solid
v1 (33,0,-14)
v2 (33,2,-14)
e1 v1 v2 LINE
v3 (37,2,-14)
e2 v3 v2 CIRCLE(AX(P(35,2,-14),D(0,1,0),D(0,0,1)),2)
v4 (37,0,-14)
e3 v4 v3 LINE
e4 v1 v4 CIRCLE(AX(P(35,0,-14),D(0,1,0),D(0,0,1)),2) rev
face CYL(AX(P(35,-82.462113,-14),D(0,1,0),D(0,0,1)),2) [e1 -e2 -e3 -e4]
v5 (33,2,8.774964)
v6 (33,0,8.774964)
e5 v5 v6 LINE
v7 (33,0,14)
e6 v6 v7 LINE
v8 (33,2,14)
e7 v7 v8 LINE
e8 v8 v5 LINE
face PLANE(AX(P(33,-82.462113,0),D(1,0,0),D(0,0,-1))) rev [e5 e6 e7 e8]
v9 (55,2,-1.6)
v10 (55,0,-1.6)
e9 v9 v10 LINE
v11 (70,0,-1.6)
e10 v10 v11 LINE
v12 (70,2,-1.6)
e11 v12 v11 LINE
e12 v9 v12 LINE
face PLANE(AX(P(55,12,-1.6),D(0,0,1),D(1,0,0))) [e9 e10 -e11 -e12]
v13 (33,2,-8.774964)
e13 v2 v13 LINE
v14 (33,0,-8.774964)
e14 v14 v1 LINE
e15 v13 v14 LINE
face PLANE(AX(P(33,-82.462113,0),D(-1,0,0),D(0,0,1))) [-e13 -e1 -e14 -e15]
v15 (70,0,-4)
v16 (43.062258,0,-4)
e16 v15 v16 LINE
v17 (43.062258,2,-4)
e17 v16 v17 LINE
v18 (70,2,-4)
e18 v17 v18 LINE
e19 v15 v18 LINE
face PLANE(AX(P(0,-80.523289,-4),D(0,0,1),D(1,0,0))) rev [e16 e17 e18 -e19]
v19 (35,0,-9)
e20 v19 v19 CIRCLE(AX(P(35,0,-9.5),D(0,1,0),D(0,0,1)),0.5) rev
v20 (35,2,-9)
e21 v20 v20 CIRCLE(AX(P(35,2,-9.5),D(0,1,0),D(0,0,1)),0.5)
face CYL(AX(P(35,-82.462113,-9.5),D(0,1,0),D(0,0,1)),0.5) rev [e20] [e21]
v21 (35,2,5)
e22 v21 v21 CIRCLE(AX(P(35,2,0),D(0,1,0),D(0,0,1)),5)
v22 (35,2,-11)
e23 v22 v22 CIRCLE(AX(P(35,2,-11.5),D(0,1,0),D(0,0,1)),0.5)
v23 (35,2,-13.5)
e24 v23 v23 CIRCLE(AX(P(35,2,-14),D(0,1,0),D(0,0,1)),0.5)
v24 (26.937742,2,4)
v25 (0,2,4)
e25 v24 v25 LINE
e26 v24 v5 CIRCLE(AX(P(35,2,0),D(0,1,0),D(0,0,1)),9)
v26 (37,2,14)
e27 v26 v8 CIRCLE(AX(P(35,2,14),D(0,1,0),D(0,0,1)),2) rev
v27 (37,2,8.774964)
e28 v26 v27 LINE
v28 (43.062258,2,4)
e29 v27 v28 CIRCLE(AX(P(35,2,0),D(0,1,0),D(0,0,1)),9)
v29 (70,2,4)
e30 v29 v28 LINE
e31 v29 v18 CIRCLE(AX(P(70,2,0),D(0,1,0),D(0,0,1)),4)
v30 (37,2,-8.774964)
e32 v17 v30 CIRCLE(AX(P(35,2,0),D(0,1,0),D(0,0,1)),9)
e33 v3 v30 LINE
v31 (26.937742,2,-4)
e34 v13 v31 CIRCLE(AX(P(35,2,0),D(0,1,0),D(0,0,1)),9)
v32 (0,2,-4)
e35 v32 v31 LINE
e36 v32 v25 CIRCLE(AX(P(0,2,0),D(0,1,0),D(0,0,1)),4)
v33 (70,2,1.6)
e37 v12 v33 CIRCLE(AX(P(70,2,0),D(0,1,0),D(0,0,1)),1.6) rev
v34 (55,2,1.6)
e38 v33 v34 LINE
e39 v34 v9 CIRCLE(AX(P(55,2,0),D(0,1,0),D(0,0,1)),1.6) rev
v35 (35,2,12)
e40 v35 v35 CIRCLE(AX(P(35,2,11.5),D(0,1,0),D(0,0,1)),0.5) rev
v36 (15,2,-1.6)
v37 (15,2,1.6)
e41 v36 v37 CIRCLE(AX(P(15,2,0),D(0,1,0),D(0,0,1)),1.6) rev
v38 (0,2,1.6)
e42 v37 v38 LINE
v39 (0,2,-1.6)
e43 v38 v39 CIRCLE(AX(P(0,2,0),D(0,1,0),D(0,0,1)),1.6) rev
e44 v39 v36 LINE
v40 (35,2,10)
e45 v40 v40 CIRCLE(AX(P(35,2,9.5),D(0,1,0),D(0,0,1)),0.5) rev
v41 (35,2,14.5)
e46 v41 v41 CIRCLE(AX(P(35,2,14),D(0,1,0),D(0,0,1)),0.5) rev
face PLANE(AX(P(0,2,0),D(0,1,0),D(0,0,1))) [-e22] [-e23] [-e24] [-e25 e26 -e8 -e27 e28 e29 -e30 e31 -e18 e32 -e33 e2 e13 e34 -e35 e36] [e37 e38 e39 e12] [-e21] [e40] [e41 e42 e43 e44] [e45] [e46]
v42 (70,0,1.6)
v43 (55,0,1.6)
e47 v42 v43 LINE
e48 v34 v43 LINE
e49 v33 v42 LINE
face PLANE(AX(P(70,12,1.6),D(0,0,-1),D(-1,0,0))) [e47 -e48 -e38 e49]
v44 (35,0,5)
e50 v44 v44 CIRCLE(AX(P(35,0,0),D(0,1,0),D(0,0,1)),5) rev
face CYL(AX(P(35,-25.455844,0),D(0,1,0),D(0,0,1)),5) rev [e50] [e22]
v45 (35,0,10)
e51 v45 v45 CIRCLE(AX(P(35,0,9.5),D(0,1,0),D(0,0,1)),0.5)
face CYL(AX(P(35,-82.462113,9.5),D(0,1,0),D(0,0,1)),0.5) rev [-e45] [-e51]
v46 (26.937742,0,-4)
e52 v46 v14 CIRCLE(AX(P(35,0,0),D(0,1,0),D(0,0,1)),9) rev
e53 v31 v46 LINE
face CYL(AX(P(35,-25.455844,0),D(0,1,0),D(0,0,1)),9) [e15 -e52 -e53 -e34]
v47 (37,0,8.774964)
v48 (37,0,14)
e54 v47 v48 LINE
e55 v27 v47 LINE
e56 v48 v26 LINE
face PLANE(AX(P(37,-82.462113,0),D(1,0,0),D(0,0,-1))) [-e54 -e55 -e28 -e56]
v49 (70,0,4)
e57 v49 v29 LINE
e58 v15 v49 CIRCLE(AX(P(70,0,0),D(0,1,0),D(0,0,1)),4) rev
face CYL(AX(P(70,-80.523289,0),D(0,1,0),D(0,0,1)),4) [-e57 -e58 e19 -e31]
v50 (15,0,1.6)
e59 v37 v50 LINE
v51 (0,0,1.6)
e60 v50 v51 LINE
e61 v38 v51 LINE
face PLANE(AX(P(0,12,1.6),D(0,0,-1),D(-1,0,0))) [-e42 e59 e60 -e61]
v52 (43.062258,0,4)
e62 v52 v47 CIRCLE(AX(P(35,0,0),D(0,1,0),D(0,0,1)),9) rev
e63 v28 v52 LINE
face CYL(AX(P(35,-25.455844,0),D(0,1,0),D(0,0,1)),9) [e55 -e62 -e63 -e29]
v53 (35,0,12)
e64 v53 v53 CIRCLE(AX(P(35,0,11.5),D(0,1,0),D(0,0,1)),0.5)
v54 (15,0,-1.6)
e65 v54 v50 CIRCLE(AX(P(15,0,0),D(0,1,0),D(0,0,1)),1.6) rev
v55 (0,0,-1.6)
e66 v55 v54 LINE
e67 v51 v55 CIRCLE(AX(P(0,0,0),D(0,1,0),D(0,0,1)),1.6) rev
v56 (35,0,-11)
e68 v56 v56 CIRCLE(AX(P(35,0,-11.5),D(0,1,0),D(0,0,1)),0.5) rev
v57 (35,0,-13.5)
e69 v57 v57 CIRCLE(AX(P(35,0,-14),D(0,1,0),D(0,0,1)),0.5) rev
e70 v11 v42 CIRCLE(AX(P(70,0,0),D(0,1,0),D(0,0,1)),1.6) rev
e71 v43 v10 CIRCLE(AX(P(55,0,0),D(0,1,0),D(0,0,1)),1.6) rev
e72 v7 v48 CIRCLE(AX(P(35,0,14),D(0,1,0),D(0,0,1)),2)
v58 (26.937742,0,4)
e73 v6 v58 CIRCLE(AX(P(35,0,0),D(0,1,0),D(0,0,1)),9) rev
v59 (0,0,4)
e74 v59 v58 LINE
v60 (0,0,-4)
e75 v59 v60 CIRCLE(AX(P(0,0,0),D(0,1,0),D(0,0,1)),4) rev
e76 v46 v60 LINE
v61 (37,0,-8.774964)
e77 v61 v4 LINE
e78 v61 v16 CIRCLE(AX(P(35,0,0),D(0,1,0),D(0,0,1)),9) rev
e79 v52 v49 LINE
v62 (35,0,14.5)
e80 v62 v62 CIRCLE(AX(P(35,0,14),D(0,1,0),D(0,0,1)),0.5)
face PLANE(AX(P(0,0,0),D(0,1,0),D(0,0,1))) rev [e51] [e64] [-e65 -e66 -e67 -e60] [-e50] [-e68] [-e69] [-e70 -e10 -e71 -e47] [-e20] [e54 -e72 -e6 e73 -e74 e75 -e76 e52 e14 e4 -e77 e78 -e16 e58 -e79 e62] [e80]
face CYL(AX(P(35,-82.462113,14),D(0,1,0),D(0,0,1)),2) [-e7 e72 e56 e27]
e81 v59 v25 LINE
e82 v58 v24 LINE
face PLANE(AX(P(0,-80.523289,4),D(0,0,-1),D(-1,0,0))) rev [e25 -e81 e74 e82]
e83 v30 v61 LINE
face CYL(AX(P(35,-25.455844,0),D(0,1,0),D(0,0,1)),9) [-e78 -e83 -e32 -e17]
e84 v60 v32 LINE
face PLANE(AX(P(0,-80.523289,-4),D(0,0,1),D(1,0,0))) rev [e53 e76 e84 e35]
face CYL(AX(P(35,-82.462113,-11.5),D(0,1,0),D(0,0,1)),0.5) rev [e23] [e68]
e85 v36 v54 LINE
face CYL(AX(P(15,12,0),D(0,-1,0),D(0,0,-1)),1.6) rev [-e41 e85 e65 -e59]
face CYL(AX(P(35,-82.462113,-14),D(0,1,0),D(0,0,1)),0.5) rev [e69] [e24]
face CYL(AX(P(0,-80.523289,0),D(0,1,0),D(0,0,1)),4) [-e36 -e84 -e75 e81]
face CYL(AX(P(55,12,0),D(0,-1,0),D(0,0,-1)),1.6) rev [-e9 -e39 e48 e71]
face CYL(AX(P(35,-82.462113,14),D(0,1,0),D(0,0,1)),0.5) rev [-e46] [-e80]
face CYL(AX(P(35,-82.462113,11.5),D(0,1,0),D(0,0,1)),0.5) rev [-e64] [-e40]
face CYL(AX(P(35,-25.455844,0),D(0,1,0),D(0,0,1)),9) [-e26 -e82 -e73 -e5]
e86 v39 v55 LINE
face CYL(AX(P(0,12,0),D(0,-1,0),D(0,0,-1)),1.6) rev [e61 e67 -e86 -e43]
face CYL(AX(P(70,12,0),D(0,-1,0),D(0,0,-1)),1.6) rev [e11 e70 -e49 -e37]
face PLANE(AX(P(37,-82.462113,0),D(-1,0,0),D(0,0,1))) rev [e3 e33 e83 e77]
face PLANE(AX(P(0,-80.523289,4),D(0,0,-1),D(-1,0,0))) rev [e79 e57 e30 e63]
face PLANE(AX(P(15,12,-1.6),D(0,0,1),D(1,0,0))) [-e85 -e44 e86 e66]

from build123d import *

# Parameters (mm, degrees)
SKETCH1_R               = 1.6
BOSS_EXTRUDE1_DEPTH     = 2
SKETCH2_R               = 0.5
BOSS_EXTRUDE2_DEPTH     = 2
SKETCH3_R               = 1.6
BOSS_EXTRUDE3_DEPTH     = 4
SKETCH4_R               = 5.618069601
SKETCH4_R_2             = 1.5
SKETCH4_R_3             = 9.019483561
CUT_EXTRUDE1_DEPTH      = 20
CUT_EXTRUDE2_DEPTH      = 10
CUT_EXTRUDE2_DEPTH_BACK = 10
SKETCH6_W               = 4
SKETCH6_H               = 1
SKETCH6_R               = 0.5
BOSS_EXTRUDE5_DEPTH     = 2
SKETCH7_R               = 9
SKETCH7_R_2             = 5
BOSS_EXTRUDE6_DEPTH     = 2
SKETCH8_R               = 5
CUT_EXTRUDE3_DEPTH      = 10


with BuildPart() as part:
    # Sketch1 → Boss-Extrude1 (new body)
    with BuildSketch(Plane(origin=(0, 0, 0), x_dir=(1, 0, 0), z_dir=(0, 1, 0))):
        with BuildLine():
            Line((0, 3), (70, 3))
            ThreePointArc((70, 3), (73, 0), (70, -3))
            Line((70, -3), (0, -3))
            ThreePointArc((0, -3), (-3, 0), (0, 3))
        make_face()
        Circle(SKETCH1_R, mode=Mode.SUBTRACT)
        with Locations((70, 0)):
            Circle(SKETCH1_R, mode=Mode.SUBTRACT)
        with Locations((35, 0)):
            Circle(SKETCH1_R, mode=Mode.SUBTRACT)
    extrude(amount=BOSS_EXTRUDE1_DEPTH)

    # Sketch2 → Boss-Extrude2 (add)
    with BuildSketch(Plane(origin=(0, 2, 0), x_dir=(1, 0, 0), z_dir=(0, 1, 0))):
        with BuildLine():
            Line((37, -3), (33, -3))
            Line((33, -3), (33, -14))
            ThreePointArc((33, -14), (35, -16), (37, -14))
            Line((37, -14), (37, -3))
        make_face()
        with Locations((35, -11.5)):
            Circle(SKETCH2_R, mode=Mode.SUBTRACT)
        with Locations((35, -14)):
            Circle(SKETCH2_R, mode=Mode.SUBTRACT)
        with Locations((35, -9.5)):
            Circle(SKETCH2_R, mode=Mode.SUBTRACT)
        with BuildLine():
            Line((33, 14), (33, 3))
            Line((33, 3), (37, 3))
            Line((37, 3), (37, 14))
            ThreePointArc((37, 14), (35, 16), (33, 14))
        make_face()
        with Locations((35, 9.5)):
            Circle(SKETCH2_R, mode=Mode.SUBTRACT)
        with Locations((35, 14)):
            Circle(SKETCH2_R, mode=Mode.SUBTRACT)
        with Locations((35, 11.5)):
            Circle(SKETCH2_R, mode=Mode.SUBTRACT)
    extrude(amount=-BOSS_EXTRUDE2_DEPTH)

    # Sketch3 → Boss-Extrude3 (add)
    with BuildSketch(Plane(origin=(0, 0, 0), x_dir=(-1, 0, 0), z_dir=(0, -1, 0))):
        with Locations((-70, 0)):
            Circle(SKETCH3_R)
        Circle(SKETCH3_R)
    extrude(amount=-BOSS_EXTRUDE3_DEPTH)

    # Sketch4 → Cut-Extrude1 (cut)
    with BuildSketch(Plane(origin=(0, 2, 0), x_dir=(1, 0, 0), z_dir=(0, 1, 0))):
        with Locations((70, 0)):
            Circle(SKETCH4_R)
        with Locations((70, 0)):
            Circle(SKETCH4_R_2, mode=Mode.SUBTRACT)
        Circle(SKETCH4_R_3)
        Circle(SKETCH4_R_2, mode=Mode.SUBTRACT)
    extrude(amount=CUT_EXTRUDE1_DEPTH, mode=Mode.SUBTRACT)

    # Sketch5 → Cut-Extrude2 (cut, two sides)
    with BuildSketch(Plane(origin=(0, 2, 0), x_dir=(1, 0, 0), z_dir=(0, 1, 0))) as cut_extrude2_sk:
        with BuildLine():
            Line((55, 1.6), (70, 1.6))
            ThreePointArc((70, 1.6), (71.6, 0), (70, -1.6))
            Line((70, -1.6), (55, -1.6))
            ThreePointArc((55, -1.6), (53.4, 0), (55, 1.6))
        make_face()
        with BuildLine():
            Line((0, -1.6), (15, -1.6))
            ThreePointArc((15, -1.6), (16.6, 0), (15, 1.6))
            Line((15, 1.6), (0, 1.6))
            ThreePointArc((0, 1.6), (-1.6, 0), (0, -1.6))
        make_face()
    extrude(amount=CUT_EXTRUDE2_DEPTH, mode=Mode.SUBTRACT)
    extrude(cut_extrude2_sk.sketch, amount=-CUT_EXTRUDE2_DEPTH_BACK, mode=Mode.SUBTRACT)

    # Sketch6 → Boss-Extrude5 (add)
    with BuildSketch(Plane(origin=(0, 2, 0), x_dir=(1, 0, 0), z_dir=(0, 1, 0))):
        with Locations((35, 3.5)):
            Rectangle(SKETCH6_W, SKETCH6_H)
        with BuildLine():
            Line((33, 4), (0, 4))
            ThreePointArc((0, 4), (-4, 0), (0, -4))
            Line((0, -4), (33, -4))
            Line((33, -4), (33, -3))
            Line((33, -3), (0, -3))
            ThreePointArc((0, -3), (-3, 0), (0, 3))
            Line((0, 3), (33, 3))
            Line((33, 3), (33, 4))
        make_face()
        with BuildLine():
            Line((70, 4), (37, 4))
            Line((37, 4), (37, 3))
            Line((37, 3), (70, 3))
            ThreePointArc((70, 3), (73, 0), (70, -3))
            Line((70, -3), (37, -3))
            Line((37, -3), (37, -4))
            Line((37, -4), (70, -4))
            ThreePointArc((70, -4), (74, 0), (70, 4))
        make_face()
        with Locations((35, -3.5)):
            Rectangle(SKETCH6_W, SKETCH6_H)
        with BuildLine():
            Line((33, 14), (33, 4))
            Line((33, 4), (37, 4))
            Line((37, 4), (37, 14))
            ThreePointArc((37, 14), (35, 16), (33, 14))
        make_face()
        with Locations((35, 9.5)):
            Circle(SKETCH6_R, mode=Mode.SUBTRACT)
        with Locations((35, 11.5)):
            Circle(SKETCH6_R, mode=Mode.SUBTRACT)
        with Locations((35, 14)):
            Circle(SKETCH6_R, mode=Mode.SUBTRACT)
    extrude(amount=-BOSS_EXTRUDE5_DEPTH)

    # Sketch7 → Boss-Extrude6 (add)
    with BuildSketch(Plane(origin=(0, 2, 0), x_dir=(1, 0, 0), z_dir=(0, 1, 0))):
        with Locations((35, 0)):
            Circle(SKETCH7_R)
        with Locations((35, 0)):
            Circle(SKETCH7_R_2, mode=Mode.SUBTRACT)
    extrude(amount=-BOSS_EXTRUDE6_DEPTH)

    # Sketch8 → Cut-Extrude3 (cut)
    with BuildSketch(Plane(origin=(0, 2, 0), x_dir=(1, 0, 0), z_dir=(0, 1, 0))):
        with Locations((35, 0)):
            Circle(SKETCH8_R)
    extrude(amount=-CUT_EXTRUDE3_DEPTH, mode=Mode.SUBTRACT)


solid = part.part
